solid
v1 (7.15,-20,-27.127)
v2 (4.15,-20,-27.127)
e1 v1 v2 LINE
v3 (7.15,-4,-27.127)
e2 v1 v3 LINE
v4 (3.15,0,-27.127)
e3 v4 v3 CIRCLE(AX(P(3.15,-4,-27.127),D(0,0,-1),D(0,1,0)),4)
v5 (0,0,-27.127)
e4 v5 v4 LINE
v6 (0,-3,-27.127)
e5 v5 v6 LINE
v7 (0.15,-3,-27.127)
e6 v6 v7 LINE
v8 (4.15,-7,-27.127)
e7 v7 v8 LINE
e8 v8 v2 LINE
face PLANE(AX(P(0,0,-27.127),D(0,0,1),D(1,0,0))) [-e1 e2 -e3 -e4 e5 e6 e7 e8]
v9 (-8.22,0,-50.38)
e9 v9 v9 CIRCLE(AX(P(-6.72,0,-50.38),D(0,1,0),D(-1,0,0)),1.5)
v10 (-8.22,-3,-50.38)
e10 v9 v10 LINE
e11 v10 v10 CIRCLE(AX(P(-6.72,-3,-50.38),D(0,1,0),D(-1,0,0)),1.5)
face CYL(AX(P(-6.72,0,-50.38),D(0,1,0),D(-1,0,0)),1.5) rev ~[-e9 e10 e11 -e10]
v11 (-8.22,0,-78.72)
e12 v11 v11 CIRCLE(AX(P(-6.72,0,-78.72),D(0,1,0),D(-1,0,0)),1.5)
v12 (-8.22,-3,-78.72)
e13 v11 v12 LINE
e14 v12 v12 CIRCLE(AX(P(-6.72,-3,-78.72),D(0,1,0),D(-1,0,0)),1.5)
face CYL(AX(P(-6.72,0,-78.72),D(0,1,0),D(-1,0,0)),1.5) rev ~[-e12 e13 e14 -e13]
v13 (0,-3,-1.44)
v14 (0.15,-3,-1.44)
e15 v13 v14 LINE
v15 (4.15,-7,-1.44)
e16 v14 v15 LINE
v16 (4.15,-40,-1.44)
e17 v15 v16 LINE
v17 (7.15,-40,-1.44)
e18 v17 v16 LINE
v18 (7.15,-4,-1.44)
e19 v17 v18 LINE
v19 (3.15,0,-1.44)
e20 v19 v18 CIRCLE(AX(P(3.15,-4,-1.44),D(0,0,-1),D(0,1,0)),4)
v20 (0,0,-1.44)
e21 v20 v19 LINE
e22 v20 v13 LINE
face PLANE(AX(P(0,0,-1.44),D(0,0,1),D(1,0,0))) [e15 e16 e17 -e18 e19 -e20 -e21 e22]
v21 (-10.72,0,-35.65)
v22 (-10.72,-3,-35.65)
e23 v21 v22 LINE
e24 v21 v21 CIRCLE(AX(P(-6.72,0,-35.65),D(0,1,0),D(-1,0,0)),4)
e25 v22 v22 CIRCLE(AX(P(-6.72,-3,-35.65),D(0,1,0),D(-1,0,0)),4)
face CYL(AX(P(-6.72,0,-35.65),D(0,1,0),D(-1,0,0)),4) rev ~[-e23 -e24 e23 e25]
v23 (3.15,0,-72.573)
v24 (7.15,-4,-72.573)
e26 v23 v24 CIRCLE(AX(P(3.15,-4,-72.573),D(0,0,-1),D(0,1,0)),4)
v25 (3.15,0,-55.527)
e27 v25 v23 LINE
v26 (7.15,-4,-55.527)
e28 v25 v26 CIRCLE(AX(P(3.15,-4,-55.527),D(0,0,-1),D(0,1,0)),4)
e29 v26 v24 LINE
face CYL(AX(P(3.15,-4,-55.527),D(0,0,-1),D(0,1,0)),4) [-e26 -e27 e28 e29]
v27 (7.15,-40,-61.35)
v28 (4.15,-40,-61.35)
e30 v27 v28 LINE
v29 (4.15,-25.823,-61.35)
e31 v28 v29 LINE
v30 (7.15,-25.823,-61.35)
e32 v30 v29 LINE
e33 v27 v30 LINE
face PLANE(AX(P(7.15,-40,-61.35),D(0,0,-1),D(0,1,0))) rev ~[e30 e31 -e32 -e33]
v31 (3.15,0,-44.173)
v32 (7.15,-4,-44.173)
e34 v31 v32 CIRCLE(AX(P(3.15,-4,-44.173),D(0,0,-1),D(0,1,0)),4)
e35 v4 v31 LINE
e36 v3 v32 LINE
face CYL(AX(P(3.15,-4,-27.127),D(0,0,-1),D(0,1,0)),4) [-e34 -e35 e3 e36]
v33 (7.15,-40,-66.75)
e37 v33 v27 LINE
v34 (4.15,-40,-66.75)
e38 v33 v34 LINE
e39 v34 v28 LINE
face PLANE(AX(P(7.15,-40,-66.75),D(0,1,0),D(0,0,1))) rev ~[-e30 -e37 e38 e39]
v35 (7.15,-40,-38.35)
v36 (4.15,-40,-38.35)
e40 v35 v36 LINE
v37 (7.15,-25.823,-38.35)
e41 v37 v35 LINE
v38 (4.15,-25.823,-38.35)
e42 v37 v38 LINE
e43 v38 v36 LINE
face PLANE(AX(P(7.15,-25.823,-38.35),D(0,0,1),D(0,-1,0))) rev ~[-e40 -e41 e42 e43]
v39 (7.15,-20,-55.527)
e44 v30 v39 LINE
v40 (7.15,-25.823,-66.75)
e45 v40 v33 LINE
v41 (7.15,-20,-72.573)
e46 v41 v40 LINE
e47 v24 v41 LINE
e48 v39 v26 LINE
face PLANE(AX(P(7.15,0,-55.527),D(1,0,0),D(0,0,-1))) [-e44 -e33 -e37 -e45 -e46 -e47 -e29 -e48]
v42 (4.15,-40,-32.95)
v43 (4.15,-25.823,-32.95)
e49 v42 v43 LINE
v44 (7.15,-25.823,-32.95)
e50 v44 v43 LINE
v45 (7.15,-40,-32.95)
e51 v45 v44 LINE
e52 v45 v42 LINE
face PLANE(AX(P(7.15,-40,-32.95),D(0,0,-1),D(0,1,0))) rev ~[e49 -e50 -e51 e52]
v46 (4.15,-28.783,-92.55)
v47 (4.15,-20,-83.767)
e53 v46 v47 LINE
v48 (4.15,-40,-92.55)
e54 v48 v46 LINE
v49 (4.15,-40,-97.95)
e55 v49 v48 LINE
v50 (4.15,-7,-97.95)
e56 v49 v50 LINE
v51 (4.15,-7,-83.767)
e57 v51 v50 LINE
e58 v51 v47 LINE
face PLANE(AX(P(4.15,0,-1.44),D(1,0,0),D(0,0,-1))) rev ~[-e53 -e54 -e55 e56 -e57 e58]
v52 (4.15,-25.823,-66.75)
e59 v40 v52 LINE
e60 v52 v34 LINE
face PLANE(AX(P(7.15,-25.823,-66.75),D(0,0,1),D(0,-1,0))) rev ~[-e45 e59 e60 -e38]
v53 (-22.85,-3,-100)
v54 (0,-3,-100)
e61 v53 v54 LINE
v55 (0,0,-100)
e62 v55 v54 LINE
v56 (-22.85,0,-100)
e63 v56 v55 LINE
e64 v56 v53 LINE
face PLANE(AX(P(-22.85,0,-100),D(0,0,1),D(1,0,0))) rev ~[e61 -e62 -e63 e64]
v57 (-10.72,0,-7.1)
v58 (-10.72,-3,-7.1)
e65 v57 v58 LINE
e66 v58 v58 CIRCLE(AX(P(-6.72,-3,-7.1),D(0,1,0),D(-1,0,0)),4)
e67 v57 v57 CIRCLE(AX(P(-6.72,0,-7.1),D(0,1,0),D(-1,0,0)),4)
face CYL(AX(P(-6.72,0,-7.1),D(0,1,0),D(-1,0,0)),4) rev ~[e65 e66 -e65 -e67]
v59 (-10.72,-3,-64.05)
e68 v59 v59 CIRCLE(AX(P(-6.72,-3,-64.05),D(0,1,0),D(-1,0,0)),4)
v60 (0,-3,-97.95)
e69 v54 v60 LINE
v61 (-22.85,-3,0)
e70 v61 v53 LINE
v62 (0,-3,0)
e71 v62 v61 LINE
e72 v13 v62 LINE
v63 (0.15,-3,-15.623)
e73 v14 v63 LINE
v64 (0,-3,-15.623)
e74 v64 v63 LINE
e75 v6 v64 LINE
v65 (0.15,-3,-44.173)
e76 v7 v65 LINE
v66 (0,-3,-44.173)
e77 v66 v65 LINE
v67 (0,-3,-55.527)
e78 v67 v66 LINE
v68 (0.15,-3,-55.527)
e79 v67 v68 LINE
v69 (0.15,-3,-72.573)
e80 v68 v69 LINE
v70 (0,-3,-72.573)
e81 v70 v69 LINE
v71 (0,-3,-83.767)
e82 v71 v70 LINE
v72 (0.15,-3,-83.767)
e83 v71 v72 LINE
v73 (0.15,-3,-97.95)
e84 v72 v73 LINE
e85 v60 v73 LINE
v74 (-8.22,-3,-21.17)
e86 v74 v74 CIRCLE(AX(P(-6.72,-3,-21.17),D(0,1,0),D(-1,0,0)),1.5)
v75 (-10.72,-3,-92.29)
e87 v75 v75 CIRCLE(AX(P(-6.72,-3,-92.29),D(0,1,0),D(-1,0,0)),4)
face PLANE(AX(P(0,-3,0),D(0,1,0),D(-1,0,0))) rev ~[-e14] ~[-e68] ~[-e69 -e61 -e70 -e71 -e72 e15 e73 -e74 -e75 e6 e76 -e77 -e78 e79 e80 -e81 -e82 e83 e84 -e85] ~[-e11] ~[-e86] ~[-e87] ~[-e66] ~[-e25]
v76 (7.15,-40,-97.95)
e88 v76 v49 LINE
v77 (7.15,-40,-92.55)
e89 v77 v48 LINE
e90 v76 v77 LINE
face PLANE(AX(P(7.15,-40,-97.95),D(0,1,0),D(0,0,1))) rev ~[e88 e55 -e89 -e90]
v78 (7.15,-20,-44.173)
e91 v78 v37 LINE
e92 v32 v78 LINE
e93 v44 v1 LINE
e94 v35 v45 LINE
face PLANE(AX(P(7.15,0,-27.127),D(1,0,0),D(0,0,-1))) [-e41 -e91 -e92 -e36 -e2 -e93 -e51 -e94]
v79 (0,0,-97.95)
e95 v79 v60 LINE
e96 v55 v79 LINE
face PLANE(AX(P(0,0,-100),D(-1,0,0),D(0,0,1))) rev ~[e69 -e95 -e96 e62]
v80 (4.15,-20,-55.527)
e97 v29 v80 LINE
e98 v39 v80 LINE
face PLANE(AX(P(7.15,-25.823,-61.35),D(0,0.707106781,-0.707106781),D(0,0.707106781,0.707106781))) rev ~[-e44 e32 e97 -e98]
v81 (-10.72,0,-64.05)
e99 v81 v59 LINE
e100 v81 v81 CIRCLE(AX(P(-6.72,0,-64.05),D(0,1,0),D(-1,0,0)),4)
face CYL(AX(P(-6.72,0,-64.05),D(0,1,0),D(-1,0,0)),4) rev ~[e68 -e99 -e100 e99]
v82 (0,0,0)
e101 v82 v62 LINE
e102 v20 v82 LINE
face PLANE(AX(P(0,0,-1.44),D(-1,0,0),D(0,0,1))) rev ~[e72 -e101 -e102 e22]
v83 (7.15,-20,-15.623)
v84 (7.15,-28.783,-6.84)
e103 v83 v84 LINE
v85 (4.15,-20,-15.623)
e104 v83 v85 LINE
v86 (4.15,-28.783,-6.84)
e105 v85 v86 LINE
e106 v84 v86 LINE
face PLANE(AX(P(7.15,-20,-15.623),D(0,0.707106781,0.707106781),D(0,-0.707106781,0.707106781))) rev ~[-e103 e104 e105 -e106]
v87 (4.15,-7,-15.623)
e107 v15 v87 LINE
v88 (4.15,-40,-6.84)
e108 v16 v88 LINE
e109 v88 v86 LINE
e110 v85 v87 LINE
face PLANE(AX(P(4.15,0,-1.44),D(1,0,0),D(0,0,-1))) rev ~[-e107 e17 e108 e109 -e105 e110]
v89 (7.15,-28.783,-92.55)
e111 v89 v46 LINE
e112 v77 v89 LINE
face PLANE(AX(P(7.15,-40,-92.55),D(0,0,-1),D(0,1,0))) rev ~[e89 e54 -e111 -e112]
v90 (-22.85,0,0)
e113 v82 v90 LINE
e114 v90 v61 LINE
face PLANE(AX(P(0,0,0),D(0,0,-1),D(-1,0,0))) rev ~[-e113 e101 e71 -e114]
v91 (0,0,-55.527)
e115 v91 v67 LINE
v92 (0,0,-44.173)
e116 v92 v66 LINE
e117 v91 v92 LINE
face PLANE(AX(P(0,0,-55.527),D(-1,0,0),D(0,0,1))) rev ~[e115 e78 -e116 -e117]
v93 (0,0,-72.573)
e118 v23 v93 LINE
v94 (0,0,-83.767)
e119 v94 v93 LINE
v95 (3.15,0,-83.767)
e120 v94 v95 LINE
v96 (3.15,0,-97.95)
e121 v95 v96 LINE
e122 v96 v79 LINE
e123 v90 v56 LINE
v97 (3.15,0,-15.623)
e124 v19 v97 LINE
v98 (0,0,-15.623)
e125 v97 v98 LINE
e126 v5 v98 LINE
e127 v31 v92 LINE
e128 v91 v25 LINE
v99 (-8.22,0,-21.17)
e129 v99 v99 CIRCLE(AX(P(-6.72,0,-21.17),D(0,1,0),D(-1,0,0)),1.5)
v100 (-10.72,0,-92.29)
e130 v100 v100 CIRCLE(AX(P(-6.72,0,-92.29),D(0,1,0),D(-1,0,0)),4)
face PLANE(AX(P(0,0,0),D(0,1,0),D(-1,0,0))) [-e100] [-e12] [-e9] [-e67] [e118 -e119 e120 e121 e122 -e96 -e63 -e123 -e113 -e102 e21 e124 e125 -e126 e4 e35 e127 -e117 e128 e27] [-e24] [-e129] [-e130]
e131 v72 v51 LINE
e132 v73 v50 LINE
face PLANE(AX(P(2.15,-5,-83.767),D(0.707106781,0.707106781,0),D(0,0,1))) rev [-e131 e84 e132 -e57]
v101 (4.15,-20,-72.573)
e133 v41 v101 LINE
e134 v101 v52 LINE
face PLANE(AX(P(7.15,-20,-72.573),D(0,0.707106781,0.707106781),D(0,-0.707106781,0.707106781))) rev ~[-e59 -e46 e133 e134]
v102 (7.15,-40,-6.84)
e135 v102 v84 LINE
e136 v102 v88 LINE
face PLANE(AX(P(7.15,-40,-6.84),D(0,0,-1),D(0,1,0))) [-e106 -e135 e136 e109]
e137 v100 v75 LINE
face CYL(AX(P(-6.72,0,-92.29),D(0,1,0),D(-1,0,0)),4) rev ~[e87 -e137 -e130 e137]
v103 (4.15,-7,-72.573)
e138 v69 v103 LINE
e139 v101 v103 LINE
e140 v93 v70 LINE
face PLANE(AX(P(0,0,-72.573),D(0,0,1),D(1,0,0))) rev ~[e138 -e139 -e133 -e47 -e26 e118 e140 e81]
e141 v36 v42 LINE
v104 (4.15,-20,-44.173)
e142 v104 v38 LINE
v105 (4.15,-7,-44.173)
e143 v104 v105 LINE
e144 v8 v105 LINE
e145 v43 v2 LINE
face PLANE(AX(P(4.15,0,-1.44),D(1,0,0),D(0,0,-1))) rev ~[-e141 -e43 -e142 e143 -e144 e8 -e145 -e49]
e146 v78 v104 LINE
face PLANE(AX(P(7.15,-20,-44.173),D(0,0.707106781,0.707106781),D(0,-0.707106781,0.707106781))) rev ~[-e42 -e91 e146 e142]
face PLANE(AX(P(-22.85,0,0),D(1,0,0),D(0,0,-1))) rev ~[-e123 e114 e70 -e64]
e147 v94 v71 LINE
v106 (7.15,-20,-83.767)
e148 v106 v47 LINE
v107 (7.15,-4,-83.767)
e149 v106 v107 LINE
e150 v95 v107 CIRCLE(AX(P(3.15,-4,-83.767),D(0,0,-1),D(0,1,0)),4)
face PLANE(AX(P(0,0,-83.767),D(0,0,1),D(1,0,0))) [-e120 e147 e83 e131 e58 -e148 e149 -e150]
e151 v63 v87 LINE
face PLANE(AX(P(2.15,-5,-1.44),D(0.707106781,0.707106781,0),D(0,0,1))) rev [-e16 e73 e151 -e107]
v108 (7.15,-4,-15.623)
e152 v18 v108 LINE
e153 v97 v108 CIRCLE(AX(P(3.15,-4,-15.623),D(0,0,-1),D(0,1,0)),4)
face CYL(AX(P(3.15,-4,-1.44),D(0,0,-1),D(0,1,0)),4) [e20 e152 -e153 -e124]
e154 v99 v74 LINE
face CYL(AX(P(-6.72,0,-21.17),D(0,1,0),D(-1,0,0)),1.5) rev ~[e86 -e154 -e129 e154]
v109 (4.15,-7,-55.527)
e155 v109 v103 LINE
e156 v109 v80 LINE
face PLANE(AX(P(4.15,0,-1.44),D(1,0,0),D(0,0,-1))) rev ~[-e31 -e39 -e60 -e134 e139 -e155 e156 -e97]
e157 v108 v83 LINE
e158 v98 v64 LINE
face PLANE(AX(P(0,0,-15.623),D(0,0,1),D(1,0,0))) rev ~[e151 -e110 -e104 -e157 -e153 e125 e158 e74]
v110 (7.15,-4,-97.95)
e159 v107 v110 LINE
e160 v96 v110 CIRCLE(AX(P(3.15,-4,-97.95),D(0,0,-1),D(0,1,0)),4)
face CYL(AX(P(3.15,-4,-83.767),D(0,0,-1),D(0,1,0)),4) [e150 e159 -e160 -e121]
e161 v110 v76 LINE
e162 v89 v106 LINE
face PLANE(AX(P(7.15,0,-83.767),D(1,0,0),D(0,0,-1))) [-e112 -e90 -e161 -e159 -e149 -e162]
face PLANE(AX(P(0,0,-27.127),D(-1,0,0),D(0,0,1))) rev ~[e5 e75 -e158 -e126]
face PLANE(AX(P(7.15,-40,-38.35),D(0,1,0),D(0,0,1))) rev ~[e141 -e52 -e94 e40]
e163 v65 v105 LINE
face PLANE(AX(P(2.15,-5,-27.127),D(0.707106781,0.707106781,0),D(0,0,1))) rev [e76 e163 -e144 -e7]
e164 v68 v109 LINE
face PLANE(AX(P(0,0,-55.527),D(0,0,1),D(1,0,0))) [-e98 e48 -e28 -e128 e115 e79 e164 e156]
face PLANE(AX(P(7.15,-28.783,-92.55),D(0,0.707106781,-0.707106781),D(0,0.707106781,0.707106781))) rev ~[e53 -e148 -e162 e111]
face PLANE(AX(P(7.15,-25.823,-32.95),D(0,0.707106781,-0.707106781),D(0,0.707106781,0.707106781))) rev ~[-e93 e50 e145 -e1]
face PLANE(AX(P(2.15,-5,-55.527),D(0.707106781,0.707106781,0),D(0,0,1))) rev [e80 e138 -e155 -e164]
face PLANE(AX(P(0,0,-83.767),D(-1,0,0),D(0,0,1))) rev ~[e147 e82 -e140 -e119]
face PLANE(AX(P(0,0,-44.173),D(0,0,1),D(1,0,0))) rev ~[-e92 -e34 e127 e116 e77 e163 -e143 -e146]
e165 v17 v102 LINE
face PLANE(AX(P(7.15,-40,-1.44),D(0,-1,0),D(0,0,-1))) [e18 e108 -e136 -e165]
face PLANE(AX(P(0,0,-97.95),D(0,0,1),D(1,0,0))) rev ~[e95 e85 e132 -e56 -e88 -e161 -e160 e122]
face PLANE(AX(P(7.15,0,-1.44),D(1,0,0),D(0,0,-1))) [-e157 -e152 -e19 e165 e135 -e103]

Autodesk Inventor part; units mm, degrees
ref_plane "YZ Plane" through (0, 0, 0) normal (1, 0, 0) x (0, 1, 0)
sketch "Sketch1" plane through (0, 0, 0) normal (0, 1, 0) x (-1, 0, 0)
  line L0 (0, 0) -> (22.85, 0)
  line L1 (22.85, 0) -> (22.85, -100)
  line L2 (22.85, -100) -> (0, -100)
  line L3 (0, -100) -> (0, 0)
  circle A0 centre (6.72, -92.29) radius 4
  circle A1 centre (6.72, -64.05) radius 4
  circle A2 centre (6.72, -35.65) radius 4
  circle A3 centre (6.72, -7.1) radius 4
  circle A4 centre (6.72, -21.17) radius 1.5
  circle A5 centre (6.72, -50.38) radius 1.5
  circle A6 centre (6.72, -78.72) radius 1.5
  line L4 (6.72, -7.1) -> (-10.3799, -7.1) construction
  line L5 (6.72, -35.65) -> (-7.55, -35.65) construction
  line L6 (6.72, -64.05) -> (-7.55, -64.05) construction
  line L7 (6.72, -92.29) -> (-7.55, -92.29) construction
  line L8 (0, -27.127) -> (-7.15, -27.127)
  line L9 (0, -44.173) -> (-7.15, -44.173)
  line L10 (0, -55.527) -> (-7.15, -55.527)
  line L11 (0, -72.573) -> (-7.15, -72.573)
  line L12 (0, -83.767) -> (-7.15, -83.767)
  line L13 (0, -97.95) -> (-7.15, -97.95)
  line L14 (0, -1.44) -> (-7.15, -1.44)
  line L15 (0, -15.623) -> (-7.15, -15.623)
  line L16 (-7.15, -1.44) -> (-7.15, -15.623)
  line L17 (-7.15, -27.127) -> (-7.15, -44.173)
  line L18 (-7.15, -55.527) -> (-7.15, -72.573)
  line L19 (-7.15, -83.767) -> (-7.15, -97.95)
  line L20 (-7.15, 0) -> (-7.15, -100) construction
  dimension "d0" = 22.85
  dimension "d1" = 100
  dimension "d2" = 8
  dimension "d3" = 8
  dimension "d4" = 8
  dimension "d5" = 8
  dimension "d7" = 0
  dimension "d8" = 0
  dimension "d9" = 0
  dimension "d14" = 3
  dimension "d15" = 3
  dimension "d16" = 3
  dimension "d17" = 6.72
  dimension "d18" = 6.72
  dimension "d19" = 0
  dimension "d20" = 0
  dimension "d28" = 8.523
  dimension "d29" = 8.523
  dimension "d30" = 8.523
  dimension "d31" = 8.523
  dimension "d32" = 8.523
  dimension "d33" = 5.66
  dimension "d34" = 5.66
  dimension "d35" = 8.523
  dimension "d36" = 100
  dimension "d42" = 7.15
  dimension "d80" = 7.71
  dimension "d81" = 35.95
  dimension "d82" = 64.35
  dimension "d83" = 92.9
  dimension "d84" = 21.28
  dimension "d85" = 49.62
  dimension "d86" = 78.83
extrude "Extrusion1" add sketch "Sketch1" against normal blind 3
ref_plane "Work Plane2" through (7.15, 0, -15.623) normal (1, 0, 0) x (0, 0, -1)
ref_plane "Work Plane3" through (7.15, 0, -1.44) normal (1, 0, 0) x (0, 0, -1)
sketch "Sketch3" plane through (7.15, 0, -1.44) normal (1, 0, 0) x (0, 0, -1)
  line L0 (0, 0) -> (14.183, 0) projected
  line L1 (14.183, -3) -> (0, -3) projected
  line L2 (14.183, 0) -> (14.183, -3) projected
  line L3 (0, 0) -> (0, -3) projected
  line L4 (25.687, 0) -> (42.733, 0) projected
  line L5 (25.687, 0) -> (25.687, -3) projected
  line L6 (42.733, -3) -> (25.687, -3) projected
  line L7 (42.733, 0) -> (42.733, -3) projected
  line L8 (54.087, 0) -> (71.133, 0) projected
  line L9 (54.087, 0) -> (54.087, -3) projected
  line L10 (71.133, -3) -> (54.087, -3) projected
  line L11 (71.133, 0) -> (71.133, -3) projected
  line L12 (82.327, 0) -> (96.51, 0) projected
  line L13 (82.327, 0) -> (82.327, -3) projected
  line L14 (96.51, -3) -> (82.327, -3) projected
  line L15 (96.51, 0) -> (96.51, -3) projected
  line L16 (0, 0) -> (0, -40)
  line L17 (0, -40) -> (5.4, -40)
  line L18 (14.183, 0) -> (14.183, -20)
  line L19 (5.4, -40) -> (5.4, -28.783)
  line L20 (14.183, -20) -> (5.4, -28.783)
  line L21 (71.133, 0) -> (71.133, -20)
  line L22 (54.087, 0) -> (54.087, -20)
  line L23 (71.133, -20) -> (65.31, -25.823)
  line L24 (65.31, -25.823) -> (65.31, -40)
  line L25 (65.31, -40) -> (59.91, -40)
  line L26 (59.91, -40) -> (59.91, -25.823)
  line L27 (59.91, -25.823) -> (54.087, -20)
  line L28 (62.61, -40) -> (62.61, 0) construction
  line L29 (54.087, 0) -> (71.133, 0) projected
  line L30 (42.733, 0) -> (42.733, -20)
  line L31 (25.687, 0) -> (25.687, -20)
  line L32 (42.733, -20) -> (36.91, -25.823)
  line L33 (36.91, -25.823) -> (36.91, -40)
  line L34 (36.91, -40) -> (31.51, -40)
  line L35 (31.51, -40) -> (31.51, -25.823)
  line L36 (31.51, -25.823) -> (25.687, -20)
  line L37 (34.21, -40) -> (34.21, 0) construction
  line L38 (98.56, 0) -> (-1.44, 0) projected
  line L39 (96.51, 0) -> (96.51, -40)
  line L40 (96.51, -40) -> (91.11, -40)
  line L41 (91.11, -40) -> (91.11, -28.783)
  line L42 (91.11, -28.783) -> (82.327, -20)
  line L43 (82.327, 0) -> (82.327, -3) projected
  line L44 (82.327, -20) -> (82.327, 0)
  point P0 (25.687, -3)
  point P1 (14.183, -3)
  point P2 (96.51, -3)
  dimension "d46" = 40
  dimension "d47" = 5.4
  dimension "d48" = 20
  dimension "d51" = 135
  dimension "d61" = 20
  dimension "d62" = 135
  dimension "d63" = 135
  dimension "d64" = 5.4
  dimension "d66" = 20
  dimension "d67" = 20
  dimension "d68" = 135
  dimension "d69" = 135
  dimension "d70" = 5.4
  dimension "d71" = 20
  dimension "d89" = 5.4
  dimension "d90" = 40
  dimension "d91" = 135
  dimension "d92" = 20
extrude "Extrusion3" add sketch "Sketch3" against normal blind 3
chamfer "Chamfer2" distance 4 angle 45 4 edges at (4.15, -3, -90.8585) (4.15, -3, -64.05) (4.15, -3, -35.65) (4.15, -3, -8.5315)
fillet "Fillet2" radius 4 4 edges at (7.15, 0, -8.5315) (7.15, 0, -35.65) (7.15, 0, -64.05) (7.15, 0, -90.8585)
equation "\"d18\" = d17"
properties part number "suporte 555"
